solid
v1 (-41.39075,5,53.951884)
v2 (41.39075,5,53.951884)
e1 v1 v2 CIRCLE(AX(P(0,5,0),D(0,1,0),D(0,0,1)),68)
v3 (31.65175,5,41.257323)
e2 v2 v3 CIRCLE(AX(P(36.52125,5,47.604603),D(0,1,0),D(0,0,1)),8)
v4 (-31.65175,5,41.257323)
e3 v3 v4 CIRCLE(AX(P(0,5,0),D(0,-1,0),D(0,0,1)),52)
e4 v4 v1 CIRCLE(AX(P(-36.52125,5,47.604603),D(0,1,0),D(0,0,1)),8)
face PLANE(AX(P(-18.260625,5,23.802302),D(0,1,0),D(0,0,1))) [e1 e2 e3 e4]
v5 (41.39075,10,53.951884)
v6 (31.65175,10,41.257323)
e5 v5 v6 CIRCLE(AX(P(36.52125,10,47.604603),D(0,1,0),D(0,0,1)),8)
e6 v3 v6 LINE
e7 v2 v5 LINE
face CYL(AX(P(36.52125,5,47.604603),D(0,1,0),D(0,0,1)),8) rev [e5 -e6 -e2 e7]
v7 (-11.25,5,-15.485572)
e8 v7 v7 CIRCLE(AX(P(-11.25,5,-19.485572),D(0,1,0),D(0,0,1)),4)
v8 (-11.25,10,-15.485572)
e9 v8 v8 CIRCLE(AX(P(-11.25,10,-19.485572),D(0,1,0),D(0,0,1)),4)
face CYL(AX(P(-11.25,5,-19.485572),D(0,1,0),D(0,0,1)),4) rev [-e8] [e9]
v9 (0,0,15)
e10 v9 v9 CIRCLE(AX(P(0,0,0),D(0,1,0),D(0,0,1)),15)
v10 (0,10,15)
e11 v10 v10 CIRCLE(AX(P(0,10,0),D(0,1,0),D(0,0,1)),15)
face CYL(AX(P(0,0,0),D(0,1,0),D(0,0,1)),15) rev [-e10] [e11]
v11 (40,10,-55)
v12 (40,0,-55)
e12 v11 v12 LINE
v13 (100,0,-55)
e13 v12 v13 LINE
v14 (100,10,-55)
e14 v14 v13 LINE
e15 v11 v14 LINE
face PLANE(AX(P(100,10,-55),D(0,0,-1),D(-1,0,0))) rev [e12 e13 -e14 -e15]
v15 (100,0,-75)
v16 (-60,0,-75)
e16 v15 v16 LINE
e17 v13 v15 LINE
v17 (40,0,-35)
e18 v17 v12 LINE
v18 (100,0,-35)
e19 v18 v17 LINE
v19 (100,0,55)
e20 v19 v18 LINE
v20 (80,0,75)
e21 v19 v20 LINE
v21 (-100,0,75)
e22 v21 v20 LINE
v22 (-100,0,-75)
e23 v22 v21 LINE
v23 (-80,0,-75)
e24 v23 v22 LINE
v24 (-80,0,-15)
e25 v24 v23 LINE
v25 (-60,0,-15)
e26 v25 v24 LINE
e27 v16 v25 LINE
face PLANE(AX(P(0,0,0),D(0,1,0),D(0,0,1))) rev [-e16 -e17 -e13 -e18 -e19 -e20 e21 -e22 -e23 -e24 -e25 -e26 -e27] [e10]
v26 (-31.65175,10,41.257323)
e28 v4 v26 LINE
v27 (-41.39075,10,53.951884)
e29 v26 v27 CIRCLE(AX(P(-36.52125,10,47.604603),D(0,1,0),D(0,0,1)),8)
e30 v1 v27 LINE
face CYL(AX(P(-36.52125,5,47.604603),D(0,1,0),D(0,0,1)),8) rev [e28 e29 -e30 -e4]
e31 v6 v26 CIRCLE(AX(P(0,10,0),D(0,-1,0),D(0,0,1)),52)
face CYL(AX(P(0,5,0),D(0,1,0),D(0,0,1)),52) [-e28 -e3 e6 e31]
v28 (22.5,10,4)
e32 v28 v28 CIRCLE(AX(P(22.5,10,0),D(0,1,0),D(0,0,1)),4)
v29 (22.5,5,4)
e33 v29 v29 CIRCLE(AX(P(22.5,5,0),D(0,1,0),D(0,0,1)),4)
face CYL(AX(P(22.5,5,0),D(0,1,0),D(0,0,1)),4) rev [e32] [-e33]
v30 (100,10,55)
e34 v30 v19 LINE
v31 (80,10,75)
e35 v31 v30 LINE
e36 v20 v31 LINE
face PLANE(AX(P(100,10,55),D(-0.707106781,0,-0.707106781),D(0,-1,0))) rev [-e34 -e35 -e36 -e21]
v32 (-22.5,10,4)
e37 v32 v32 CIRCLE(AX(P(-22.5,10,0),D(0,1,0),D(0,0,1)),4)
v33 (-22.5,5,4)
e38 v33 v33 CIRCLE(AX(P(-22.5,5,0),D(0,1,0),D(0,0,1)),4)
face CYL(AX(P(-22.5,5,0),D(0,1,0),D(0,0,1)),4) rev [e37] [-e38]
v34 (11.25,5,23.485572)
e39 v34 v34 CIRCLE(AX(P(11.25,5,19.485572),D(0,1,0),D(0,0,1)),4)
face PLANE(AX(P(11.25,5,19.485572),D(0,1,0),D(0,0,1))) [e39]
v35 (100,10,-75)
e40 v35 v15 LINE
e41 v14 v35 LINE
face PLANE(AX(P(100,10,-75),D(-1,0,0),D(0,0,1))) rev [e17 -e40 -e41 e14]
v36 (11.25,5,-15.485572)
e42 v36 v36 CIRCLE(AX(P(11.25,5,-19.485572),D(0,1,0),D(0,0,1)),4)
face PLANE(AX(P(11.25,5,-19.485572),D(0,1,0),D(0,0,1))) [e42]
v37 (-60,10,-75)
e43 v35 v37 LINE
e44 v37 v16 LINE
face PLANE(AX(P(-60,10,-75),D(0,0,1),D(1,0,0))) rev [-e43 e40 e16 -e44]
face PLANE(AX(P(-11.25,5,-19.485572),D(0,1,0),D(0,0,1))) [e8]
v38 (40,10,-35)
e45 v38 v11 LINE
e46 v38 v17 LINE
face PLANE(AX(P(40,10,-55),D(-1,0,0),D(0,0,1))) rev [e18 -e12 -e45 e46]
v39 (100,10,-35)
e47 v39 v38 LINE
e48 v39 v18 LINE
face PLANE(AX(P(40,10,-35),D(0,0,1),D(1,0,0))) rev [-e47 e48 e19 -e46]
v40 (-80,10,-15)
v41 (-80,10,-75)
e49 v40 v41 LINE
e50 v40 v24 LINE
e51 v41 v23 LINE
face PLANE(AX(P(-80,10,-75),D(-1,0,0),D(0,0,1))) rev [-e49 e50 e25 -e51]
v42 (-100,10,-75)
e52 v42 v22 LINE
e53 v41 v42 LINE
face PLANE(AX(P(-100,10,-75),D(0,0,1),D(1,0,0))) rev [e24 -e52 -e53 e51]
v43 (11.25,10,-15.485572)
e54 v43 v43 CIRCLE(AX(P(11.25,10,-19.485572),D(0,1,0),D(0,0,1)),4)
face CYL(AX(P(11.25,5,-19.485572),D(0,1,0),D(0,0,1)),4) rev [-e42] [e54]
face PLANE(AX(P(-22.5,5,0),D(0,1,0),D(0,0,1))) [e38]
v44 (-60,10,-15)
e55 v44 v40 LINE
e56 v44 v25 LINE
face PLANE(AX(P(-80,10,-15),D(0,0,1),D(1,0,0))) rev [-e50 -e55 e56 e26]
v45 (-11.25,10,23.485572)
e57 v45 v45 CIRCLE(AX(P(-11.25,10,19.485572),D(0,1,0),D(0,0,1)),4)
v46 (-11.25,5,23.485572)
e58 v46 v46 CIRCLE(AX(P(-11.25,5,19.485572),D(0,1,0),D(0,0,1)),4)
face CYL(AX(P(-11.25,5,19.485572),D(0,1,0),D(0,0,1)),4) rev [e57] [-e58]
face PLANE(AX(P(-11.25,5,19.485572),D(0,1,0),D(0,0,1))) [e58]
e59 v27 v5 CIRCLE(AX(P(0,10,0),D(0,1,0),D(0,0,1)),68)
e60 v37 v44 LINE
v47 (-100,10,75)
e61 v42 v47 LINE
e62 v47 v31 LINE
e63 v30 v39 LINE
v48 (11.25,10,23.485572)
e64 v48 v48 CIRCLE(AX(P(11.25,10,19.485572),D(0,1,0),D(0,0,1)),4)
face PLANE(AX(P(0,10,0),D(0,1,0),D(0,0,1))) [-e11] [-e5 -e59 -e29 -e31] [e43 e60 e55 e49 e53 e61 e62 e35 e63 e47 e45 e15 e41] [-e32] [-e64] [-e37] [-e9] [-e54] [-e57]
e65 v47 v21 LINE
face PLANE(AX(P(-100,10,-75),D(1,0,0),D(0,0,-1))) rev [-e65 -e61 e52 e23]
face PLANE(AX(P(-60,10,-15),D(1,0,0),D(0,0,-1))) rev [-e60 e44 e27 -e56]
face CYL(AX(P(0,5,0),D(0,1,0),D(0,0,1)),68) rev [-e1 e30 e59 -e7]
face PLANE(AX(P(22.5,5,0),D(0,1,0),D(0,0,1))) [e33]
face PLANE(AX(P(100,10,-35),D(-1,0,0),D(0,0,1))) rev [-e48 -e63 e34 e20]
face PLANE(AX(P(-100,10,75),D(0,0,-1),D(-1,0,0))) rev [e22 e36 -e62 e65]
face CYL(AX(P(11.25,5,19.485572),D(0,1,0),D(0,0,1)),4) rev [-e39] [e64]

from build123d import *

# Parameters (mm, degrees)
BOSS_EXTRUDE1_DEPTH = 10
SKETCH2_R           = 15
CUT_EXTRUDE1_DEPTH  = 126.39936204
SKETCH2_3_R         = 15
SKETCH2_3_R_2       = 4
CUT_EXTRUDE2_DEPTH  = 5
CHAMFER1_SIZE       = 20


with BuildPart() as part:
    # Sketch1 → Boss-Extrude1 (new body)
    with BuildSketch(Plane(origin=(0, 0, 0), x_dir=(1, 0, 0), z_dir=(0, 1, 0))):
        Polygon((-80, 75), (-80, 15), (-60, 15), (-60, 75), (100, 75), (100, 55), (40, 55), (40, 35), (100, 35), (100, -75), (-100, -75), (-100, 75), align=None)
    extrude(amount=BOSS_EXTRUDE1_DEPTH)

    # Sketch2 → Cut-Extrude1 (cut, through all)
    with BuildSketch(Plane(origin=(0, 10, 0), x_dir=(1, 0, 0), z_dir=(0, 1, 0))):
        Circle(SKETCH2_R)
    extrude(amount=-CUT_EXTRUDE1_DEPTH, mode=Mode.SUBTRACT)

    # Sketch2<3> → Cut-Extrude2 (cut)
    with BuildSketch(Plane(origin=(0, 10, 0), x_dir=(1, 0, 0), z_dir=(0, 1, 0))):
        Circle(SKETCH2_3_R)
        with Locations((22.5, 0)):
            Circle(SKETCH2_3_R_2)
        with Locations((11.25, -19.485571585)):
            Circle(SKETCH2_3_R_2)
        with Locations((-11.25, -19.485571585)):
            Circle(SKETCH2_3_R_2)
        with Locations((-22.5, 0)):
            Circle(SKETCH2_3_R_2)
        with Locations((-11.25, 19.485571585)):
            Circle(SKETCH2_3_R_2)
        with Locations((11.25, 19.485571585)):
            Circle(SKETCH2_3_R_2)
        with BuildLine():
            ThreePointArc((-41.390750416, -53.951883934), (0, -68), (41.390750416, -53.951883934))
            ThreePointArc((41.390750416, -53.951883934), (42.86853083, -42.735103422), (31.651750318, -41.257323008))
            ThreePointArc((31.651750318, -41.257323008), (0, -52), (-31.651750318, -41.257323008))
            ThreePointArc((-31.651750318, -41.257323008), (-42.86853083, -42.735103422), (-41.390750416, -53.951883934))
        make_face()
    extrude(amount=-CUT_EXTRUDE2_DEPTH, mode=Mode.SUBTRACT)

    # Chamfer1
    chamfer1_edges = [part.edges().sort_by_distance(p)[0] for p in [
        (100, 5, 75),
    ]]
    chamfer(chamfer1_edges, length=CHAMFER1_SIZE)


solid = part.part
